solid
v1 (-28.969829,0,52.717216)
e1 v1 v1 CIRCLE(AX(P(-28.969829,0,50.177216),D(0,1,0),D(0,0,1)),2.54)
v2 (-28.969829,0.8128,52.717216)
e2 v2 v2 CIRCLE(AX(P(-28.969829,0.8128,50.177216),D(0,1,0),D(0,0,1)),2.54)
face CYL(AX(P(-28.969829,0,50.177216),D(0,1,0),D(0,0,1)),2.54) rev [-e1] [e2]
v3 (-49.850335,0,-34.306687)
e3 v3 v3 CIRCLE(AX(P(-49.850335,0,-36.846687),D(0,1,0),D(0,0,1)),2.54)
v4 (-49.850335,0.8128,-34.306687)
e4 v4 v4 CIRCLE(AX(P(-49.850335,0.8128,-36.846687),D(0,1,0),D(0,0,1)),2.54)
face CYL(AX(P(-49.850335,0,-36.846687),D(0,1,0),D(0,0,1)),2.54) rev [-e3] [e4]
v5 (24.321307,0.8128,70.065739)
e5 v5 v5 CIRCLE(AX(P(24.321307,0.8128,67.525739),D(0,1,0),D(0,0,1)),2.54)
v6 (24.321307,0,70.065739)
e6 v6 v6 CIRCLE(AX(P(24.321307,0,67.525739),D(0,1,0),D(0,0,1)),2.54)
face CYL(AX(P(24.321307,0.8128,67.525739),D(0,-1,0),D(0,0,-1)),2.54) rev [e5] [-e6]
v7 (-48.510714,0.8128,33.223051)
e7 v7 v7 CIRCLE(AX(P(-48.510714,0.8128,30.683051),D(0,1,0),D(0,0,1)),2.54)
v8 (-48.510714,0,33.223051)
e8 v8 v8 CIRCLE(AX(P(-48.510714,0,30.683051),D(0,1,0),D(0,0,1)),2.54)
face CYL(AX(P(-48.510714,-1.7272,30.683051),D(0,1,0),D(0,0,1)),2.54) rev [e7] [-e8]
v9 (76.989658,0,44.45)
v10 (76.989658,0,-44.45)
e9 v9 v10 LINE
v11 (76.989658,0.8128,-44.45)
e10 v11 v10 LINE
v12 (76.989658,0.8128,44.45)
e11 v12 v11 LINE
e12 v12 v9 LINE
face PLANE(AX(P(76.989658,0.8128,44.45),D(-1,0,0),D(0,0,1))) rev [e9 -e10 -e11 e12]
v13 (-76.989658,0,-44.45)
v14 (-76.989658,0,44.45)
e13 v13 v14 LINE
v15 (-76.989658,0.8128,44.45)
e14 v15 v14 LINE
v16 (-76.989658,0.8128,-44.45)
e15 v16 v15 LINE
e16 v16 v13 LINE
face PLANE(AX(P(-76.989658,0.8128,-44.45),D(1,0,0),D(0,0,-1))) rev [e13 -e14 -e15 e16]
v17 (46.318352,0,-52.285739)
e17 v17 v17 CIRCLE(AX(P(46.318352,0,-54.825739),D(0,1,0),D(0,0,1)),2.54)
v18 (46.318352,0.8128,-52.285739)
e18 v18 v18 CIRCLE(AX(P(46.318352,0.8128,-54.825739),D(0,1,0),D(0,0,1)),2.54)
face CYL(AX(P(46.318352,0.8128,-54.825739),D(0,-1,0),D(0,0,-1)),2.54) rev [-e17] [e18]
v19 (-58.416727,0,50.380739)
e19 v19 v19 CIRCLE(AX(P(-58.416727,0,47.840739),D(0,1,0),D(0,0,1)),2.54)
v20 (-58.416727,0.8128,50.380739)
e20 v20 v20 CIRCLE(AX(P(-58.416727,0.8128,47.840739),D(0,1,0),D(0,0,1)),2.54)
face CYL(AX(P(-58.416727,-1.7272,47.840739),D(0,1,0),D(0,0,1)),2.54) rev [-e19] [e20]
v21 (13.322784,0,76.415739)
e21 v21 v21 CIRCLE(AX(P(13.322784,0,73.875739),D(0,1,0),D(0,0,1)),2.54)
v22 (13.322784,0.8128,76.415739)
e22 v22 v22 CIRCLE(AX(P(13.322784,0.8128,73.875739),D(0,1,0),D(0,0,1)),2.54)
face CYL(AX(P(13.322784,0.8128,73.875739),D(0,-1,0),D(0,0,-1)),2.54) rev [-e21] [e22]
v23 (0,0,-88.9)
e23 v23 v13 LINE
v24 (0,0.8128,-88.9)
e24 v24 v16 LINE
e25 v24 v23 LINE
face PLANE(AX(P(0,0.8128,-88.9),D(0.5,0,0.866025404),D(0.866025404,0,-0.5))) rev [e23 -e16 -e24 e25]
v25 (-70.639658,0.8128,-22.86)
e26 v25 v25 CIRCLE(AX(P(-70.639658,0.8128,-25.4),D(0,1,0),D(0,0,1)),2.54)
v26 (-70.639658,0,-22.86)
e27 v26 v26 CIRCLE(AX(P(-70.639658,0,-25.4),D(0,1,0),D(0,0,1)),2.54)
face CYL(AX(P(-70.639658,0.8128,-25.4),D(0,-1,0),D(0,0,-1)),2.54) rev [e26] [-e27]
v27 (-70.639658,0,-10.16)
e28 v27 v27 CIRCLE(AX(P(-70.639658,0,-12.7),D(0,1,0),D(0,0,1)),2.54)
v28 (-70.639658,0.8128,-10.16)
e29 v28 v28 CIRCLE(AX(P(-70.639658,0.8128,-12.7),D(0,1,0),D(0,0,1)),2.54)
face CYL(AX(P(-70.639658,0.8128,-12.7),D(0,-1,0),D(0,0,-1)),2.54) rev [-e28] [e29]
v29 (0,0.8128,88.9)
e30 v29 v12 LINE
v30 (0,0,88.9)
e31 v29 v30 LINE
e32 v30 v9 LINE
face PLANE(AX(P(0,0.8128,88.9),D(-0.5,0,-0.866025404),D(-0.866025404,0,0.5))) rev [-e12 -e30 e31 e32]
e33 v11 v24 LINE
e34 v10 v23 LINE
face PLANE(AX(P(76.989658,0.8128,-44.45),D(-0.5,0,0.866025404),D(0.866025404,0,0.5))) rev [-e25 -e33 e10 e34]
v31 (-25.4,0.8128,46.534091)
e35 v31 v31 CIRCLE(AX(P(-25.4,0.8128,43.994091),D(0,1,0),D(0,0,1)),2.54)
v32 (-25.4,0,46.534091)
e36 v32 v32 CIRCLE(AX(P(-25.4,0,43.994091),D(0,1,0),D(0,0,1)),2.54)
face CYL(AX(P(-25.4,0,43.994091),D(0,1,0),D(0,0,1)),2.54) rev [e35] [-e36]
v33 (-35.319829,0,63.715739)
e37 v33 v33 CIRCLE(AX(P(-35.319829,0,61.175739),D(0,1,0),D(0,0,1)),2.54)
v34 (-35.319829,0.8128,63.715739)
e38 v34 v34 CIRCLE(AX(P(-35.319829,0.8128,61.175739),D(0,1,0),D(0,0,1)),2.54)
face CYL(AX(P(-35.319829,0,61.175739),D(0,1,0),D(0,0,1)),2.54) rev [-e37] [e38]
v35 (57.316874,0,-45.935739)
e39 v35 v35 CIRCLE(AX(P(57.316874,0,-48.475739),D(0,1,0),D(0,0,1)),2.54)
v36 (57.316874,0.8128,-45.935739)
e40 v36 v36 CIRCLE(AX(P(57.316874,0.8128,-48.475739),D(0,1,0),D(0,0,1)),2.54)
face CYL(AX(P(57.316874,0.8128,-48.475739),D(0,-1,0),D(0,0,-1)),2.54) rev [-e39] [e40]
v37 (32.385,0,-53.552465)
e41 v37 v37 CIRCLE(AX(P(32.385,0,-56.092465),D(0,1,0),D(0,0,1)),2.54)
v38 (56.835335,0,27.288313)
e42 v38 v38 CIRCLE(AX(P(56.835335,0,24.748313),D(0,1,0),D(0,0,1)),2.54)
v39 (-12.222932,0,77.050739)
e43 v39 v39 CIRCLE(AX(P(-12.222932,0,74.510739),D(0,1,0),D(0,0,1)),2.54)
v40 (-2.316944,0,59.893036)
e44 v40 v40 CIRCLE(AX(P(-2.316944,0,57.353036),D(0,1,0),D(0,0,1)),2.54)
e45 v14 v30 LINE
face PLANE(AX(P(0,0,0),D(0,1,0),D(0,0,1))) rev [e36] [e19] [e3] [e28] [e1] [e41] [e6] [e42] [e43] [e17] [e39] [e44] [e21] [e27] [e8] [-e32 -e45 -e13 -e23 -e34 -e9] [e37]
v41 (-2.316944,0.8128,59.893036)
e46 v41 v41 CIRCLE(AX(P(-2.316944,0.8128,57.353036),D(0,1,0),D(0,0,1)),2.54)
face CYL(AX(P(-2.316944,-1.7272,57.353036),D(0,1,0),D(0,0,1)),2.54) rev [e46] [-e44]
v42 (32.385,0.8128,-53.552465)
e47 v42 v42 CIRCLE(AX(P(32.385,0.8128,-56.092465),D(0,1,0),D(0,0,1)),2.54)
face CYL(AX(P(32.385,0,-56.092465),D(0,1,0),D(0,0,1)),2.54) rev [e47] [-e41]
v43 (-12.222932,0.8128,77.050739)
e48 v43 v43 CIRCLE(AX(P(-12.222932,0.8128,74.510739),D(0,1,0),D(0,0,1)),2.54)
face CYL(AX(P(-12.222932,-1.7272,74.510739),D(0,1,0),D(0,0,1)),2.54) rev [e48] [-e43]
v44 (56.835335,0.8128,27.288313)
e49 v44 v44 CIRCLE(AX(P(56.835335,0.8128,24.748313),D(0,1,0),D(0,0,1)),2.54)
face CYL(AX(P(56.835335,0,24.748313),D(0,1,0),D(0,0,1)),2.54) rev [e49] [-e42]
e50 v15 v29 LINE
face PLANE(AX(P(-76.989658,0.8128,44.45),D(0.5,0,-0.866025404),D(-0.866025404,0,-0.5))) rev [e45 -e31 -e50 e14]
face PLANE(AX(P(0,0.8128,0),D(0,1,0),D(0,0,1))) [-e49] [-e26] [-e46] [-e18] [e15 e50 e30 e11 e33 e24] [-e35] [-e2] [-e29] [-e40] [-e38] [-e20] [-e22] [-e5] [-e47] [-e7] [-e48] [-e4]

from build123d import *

# Parameters (mm, degrees)
SKETCH1_R           = 2.54
BOSS_EXTRUDE1_DEPTH = 0.8128
SKETCH2_R           = 2.54
CUT_EXTRUDE1_DEPTH  = 118.606454516
SKETCH3_R           = 2.54
CUT_EXTRUDE2_DEPTH  = 118.606454516
SKETCH5_R           = 2.54
CUT_EXTRUDE3_DEPTH  = 2.54


with BuildPart() as part:
    # Sketch1 → Boss-Extrude1 (new body)
    with BuildSketch(Plane(origin=(0, 0, 0), x_dir=(1, 0, 0), z_dir=(0, 1, 0))):
        Polygon((0, 88.9), (-76.989658396, 44.45), (-76.989658396, -44.45), (0, -88.9), (76.989658396, -44.45), (76.989658396, 44.45), align=None)
        with Locations(Location((13.322783942, -73.875738686, 0), (0, 0, 270))):
            Circle(SKETCH1_R, mode=Mode.SUBTRACT)
        with Locations(Location((24.32130657, -67.525738686, 0), (0, 0, 270))):
            Circle(SKETCH1_R, mode=Mode.SUBTRACT)
        with Locations(Location((-70.639658396, 12.7, 0), (0, 0, 270))):
            Circle(SKETCH1_R, mode=Mode.SUBTRACT)
        with Locations(Location((-70.639658396, 25.4, 0), (0, 0, 270))):
            Circle(SKETCH1_R, mode=Mode.SUBTRACT)
        with Locations(Location((46.318351826, 54.825738686, 0), (0, 0, 270))):
            Circle(SKETCH1_R, mode=Mode.SUBTRACT)
        with Locations(Location((57.316874454, 48.475738686, 0), (0, 0, 270))):
            Circle(SKETCH1_R, mode=Mode.SUBTRACT)
    extrude(amount=BOSS_EXTRUDE1_DEPTH)

    # Sketch2 → Cut-Extrude1 (cut, through all)
    with BuildSketch(Plane(origin=(0, 0.8128, 0), x_dir=(1, 0, 0), z_dir=(0, 1, 0))):
        with Locations(Location((-49.850334746, 36.846687445, 0), (0, 0, 270))):
            Circle(SKETCH2_R)
        with Locations(Location((-25.4, -43.994090512, 0), (0, 0, 270))):
            Circle(SKETCH2_R)
        with Locations(Location((32.385, 56.092465403, 0), (0, 0, 270))):
            Circle(SKETCH2_R)
        with Locations(Location((56.835334746, -24.748312555, 0), (0, 0, 270))):
            Circle(SKETCH2_R)
    extrude(amount=-CUT_EXTRUDE1_DEPTH, mode=Mode.SUBTRACT)

    # Sketch3 → Cut-Extrude2 (cut, through all)
    with BuildSketch(Plane(origin=(0, 0.8128, 0), x_dir=(1, 0, 0), z_dir=(0, 1, 0))):
        with Locations(Location((-35.319829198, -61.175738686, 0), (0, 0, 270))):
            Circle(SKETCH3_R)
        with Locations(Location((-28.969829198, -50.177216058, 0), (0, 0, 270))):
            Circle(SKETCH3_R)
    extrude(amount=-CUT_EXTRUDE2_DEPTH, mode=Mode.SUBTRACT)

    # Sketch5 → Cut-Extrude3 (cut)
    with BuildSketch(Plane(origin=(0, 0.8128, 0), x_dir=(1, 0, 0), z_dir=(0, 1, 0))):
        with Locations(Location((-2.3169441, -57.353036215, 0), (0, 0, 270))):
            Circle(SKETCH5_R)
        with Locations(Location((-12.222931679, -74.510738686, 0), (0, 0, 270))):
            Circle(SKETCH5_R)
        with Locations(Location((-58.416726717, -47.840738686, 0), (0, 0, 270))):
            Circle(SKETCH5_R)
        with Locations(Location((-48.510714297, -30.683050557, 0), (0, 0, 270))):
            Circle(SKETCH5_R)
    extrude(amount=-CUT_EXTRUDE3_DEPTH, mode=Mode.SUBTRACT)


solid = part.part
